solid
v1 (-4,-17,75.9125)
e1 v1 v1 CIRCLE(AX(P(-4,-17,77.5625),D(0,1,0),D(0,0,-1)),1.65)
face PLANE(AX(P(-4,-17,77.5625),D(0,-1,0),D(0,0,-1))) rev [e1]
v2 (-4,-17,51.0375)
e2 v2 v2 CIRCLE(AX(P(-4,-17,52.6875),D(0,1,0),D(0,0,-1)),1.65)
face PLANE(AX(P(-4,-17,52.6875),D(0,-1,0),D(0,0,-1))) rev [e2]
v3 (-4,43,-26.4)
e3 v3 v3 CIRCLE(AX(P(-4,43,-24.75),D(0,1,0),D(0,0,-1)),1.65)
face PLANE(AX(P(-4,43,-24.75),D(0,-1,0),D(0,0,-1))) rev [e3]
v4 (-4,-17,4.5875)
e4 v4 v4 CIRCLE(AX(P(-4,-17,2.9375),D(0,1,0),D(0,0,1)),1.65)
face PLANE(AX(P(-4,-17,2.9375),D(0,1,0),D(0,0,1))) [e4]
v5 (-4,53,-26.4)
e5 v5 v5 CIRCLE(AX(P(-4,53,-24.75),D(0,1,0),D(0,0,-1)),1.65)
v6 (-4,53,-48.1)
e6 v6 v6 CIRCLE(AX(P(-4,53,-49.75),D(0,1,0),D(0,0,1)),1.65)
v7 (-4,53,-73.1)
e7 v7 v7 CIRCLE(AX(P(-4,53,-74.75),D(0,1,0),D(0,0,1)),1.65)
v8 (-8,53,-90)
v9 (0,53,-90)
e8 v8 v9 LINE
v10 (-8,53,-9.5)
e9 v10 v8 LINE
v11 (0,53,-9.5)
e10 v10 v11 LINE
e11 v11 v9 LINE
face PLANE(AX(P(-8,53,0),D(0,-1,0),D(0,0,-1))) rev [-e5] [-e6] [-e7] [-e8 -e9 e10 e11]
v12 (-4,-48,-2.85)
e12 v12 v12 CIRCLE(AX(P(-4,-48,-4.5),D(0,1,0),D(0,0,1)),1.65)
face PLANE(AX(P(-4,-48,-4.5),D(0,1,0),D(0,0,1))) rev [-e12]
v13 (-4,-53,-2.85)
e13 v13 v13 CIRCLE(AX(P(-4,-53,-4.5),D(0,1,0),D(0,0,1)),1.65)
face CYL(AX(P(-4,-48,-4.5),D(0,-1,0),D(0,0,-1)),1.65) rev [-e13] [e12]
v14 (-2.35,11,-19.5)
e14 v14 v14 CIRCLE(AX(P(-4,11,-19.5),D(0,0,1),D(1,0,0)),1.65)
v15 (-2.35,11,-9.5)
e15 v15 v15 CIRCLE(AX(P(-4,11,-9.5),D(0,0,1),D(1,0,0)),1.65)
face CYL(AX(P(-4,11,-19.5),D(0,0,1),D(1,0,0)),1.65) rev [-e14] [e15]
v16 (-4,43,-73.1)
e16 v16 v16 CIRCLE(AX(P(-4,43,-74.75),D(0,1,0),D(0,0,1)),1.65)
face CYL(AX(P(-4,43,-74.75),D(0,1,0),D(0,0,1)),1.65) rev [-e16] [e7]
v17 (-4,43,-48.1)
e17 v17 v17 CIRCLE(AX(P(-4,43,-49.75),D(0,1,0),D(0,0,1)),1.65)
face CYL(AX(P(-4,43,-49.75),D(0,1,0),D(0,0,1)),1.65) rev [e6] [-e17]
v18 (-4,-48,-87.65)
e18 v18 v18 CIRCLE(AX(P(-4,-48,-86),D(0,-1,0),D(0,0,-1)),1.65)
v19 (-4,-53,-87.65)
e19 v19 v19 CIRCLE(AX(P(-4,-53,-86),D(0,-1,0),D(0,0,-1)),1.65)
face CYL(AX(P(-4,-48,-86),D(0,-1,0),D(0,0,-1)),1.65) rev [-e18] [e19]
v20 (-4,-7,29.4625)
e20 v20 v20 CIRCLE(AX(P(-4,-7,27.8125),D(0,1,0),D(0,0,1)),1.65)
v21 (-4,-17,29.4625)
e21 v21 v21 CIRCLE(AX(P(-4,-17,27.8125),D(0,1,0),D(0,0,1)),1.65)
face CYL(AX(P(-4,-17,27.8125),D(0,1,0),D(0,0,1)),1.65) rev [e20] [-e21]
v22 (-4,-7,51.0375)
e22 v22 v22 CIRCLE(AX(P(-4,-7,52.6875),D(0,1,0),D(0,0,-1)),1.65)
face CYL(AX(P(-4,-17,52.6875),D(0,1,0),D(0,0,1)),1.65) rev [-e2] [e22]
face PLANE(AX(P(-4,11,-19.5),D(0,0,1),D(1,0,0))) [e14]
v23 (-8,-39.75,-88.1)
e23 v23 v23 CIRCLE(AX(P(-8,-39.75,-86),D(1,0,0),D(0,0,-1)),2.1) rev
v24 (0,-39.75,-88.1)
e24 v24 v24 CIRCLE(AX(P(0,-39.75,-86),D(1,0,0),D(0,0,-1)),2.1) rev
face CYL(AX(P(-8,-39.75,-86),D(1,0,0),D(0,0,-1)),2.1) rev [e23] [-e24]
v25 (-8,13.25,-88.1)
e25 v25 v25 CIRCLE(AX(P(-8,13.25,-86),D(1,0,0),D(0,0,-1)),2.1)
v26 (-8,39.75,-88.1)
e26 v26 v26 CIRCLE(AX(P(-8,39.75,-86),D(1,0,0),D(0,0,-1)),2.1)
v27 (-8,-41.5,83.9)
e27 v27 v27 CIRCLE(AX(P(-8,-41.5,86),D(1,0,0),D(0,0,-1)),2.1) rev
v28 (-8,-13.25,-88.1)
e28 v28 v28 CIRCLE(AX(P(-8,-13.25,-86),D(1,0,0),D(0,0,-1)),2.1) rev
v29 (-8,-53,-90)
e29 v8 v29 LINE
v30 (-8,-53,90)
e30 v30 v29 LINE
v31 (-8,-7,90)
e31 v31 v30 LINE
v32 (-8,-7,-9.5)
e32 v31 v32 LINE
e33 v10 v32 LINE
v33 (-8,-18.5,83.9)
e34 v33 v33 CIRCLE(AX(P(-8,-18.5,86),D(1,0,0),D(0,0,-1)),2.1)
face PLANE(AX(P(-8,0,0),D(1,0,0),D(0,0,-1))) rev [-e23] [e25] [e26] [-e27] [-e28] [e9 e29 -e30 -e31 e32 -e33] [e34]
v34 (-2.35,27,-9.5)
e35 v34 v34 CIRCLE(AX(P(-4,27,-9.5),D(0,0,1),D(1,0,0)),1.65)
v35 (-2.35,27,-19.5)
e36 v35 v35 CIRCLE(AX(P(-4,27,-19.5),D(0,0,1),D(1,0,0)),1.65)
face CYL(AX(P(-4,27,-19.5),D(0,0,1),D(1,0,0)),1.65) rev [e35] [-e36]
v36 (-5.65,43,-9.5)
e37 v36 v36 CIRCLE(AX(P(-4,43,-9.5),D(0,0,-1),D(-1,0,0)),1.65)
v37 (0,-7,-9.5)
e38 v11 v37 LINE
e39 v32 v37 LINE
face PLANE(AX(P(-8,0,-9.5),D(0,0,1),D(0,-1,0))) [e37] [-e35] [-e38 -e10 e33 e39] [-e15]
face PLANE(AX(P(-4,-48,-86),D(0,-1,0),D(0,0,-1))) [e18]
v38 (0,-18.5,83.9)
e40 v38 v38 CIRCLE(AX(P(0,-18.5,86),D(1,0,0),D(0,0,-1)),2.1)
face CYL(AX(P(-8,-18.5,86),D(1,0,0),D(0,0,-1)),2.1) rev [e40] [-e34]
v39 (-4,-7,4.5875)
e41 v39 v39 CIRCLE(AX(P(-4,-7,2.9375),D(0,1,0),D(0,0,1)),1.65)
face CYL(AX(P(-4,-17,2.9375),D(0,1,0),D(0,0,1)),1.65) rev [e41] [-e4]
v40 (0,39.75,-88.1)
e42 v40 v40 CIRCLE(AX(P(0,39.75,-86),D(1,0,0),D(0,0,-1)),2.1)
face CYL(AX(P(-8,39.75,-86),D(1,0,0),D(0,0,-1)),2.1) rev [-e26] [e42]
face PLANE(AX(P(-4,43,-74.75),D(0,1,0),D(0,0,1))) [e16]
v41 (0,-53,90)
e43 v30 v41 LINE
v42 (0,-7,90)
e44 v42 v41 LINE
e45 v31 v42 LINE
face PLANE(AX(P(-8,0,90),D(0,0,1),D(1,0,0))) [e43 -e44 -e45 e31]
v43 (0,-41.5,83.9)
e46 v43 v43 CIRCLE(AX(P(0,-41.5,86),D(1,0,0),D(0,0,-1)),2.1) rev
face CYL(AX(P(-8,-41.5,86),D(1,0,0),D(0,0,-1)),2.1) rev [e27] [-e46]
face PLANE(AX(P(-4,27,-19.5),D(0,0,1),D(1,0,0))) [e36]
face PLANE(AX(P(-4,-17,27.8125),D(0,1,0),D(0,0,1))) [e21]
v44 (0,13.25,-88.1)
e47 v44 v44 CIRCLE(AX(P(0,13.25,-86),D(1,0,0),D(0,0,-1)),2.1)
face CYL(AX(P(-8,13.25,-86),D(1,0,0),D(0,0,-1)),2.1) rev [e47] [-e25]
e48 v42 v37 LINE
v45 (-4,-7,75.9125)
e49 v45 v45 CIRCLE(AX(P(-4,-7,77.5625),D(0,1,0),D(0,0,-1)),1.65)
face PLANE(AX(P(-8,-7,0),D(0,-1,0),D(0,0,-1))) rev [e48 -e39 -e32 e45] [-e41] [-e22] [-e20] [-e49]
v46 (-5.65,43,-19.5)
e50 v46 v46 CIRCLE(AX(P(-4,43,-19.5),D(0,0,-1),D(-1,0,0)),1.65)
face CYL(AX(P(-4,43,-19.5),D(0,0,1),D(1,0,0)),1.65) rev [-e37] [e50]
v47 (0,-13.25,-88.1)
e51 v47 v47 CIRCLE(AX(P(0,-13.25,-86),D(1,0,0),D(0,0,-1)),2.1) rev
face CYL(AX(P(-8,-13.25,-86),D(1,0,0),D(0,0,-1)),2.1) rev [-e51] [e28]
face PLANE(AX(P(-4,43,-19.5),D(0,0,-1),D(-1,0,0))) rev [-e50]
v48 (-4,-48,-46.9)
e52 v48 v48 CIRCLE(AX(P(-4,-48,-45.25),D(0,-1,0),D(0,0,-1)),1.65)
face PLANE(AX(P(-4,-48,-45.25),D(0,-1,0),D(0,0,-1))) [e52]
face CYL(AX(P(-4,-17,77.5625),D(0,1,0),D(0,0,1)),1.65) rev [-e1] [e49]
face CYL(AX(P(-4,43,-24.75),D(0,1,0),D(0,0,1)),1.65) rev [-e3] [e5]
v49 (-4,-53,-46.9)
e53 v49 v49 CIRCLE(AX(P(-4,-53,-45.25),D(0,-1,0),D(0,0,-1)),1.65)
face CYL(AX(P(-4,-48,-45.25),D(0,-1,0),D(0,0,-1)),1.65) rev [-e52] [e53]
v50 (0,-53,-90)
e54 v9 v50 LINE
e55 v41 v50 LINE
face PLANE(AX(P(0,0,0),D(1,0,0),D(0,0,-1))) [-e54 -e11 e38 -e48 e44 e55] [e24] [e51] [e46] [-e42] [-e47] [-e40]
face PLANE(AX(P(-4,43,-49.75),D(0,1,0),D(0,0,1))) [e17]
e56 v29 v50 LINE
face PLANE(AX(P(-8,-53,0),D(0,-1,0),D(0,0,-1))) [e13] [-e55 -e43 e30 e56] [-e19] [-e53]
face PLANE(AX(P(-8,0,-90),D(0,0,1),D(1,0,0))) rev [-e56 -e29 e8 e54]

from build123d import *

# Parameters (mm, degrees)
SKETCH1_W           = 8
SKETCH1_H           = 46
SKETCH1_R           = 2.1
SKETCH1_H_2         = 106
BOSS_EXTRUDE1_DEPTH = 8
SKETCH2_R           = 1.65
CUT_EXTRUDE1_DEPTH  = 5
SKETCH3_R           = 1.65
CUT_EXTRUDE2_DEPTH  = 10
SKETCH4_R           = 1.65
CUT_EXTRUDE3_DEPTH  = 10
SKETCH5_R           = 1.65
CUT_EXTRUDE4_DEPTH  = 10


with BuildPart() as part:
    # Sketch1 → Boss-Extrude1 (new body)
    with BuildSketch(Plane(origin=(0, 0, 0), x_dir=(0, 0, -1), z_dir=(1, 0, 0))):
        with Locations((-86, -30)):
            Rectangle(SKETCH1_W, SKETCH1_H)
        with Locations((-86, -41.5)):
            Circle(SKETCH1_R, mode=Mode.SUBTRACT)
        with Locations((-86, -18.5)):
            Circle(SKETCH1_R, mode=Mode.SUBTRACT)
        Polygon((82, 53), (9.5, 53), (9.5, -7), (-82, -7), (-82, -53), (82, -53), align=None)
        with Locations((86, 0)):
            Rectangle(SKETCH1_W, SKETCH1_H_2)
        with Locations((86, -39.75)):
            Circle(SKETCH1_R, mode=Mode.SUBTRACT)
        with Locations((86, -13.25)):
            Circle(SKETCH1_R, mode=Mode.SUBTRACT)
        with Locations((86, 13.25)):
            Circle(SKETCH1_R, mode=Mode.SUBTRACT)
        with Locations((86, 39.75)):
            Circle(SKETCH1_R, mode=Mode.SUBTRACT)
    extrude(amount=-BOSS_EXTRUDE1_DEPTH)

    # Sketch2 → Cut-Extrude1 (cut)
    with BuildSketch(Plane.XZ.offset(53)):
        with Locations((-4, -86)):
            Circle(SKETCH2_R)
        with Locations((-4, -4.5)):
            Circle(SKETCH2_R)
        with Locations((-4, -45.25)):
            Circle(SKETCH2_R)
    extrude(amount=-CUT_EXTRUDE1_DEPTH, mode=Mode.SUBTRACT)

    # Sketch3 → Cut-Extrude2 (cut)
    with BuildSketch(Plane(origin=(0, 53, 0), x_dir=(1, 0, 0), z_dir=(0, 1, 0))):
        with Locations((-4, 49.75)):
            Circle(SKETCH3_R)
        with Locations((-4, 74.75)):
            Circle(SKETCH3_R)
        with Locations((-4, 24.75)):
            Circle(SKETCH3_R)
    extrude(amount=-CUT_EXTRUDE2_DEPTH, mode=Mode.SUBTRACT)

    # Sketch4 → Cut-Extrude3 (cut)
    with BuildSketch(Plane(origin=(0, -7, 0), x_dir=(1, 0, 0), z_dir=(0, 1, 0))):
        with Locations((-4, -2.9375)):
            Circle(SKETCH4_R)
        with Locations((-4, -27.8125)):
            Circle(SKETCH4_R)
        with Locations((-4, -52.6875)):
            Circle(SKETCH4_R)
        with Locations((-4, -77.5625)):
            Circle(SKETCH4_R)
    extrude(amount=-CUT_EXTRUDE3_DEPTH, mode=Mode.SUBTRACT)

    # Sketch5 → Cut-Extrude4 (cut)
    with BuildSketch(Plane.XY.offset(-9.5)):
        with Locations((-4, 11)):
            Circle(SKETCH5_R)
        with Locations((-4, 43)):
            Circle(SKETCH5_R)
        with Locations((-4, 27)):
            Circle(SKETCH5_R)
    extrude(amount=-CUT_EXTRUDE4_DEPTH, mode=Mode.SUBTRACT)


solid = part.part
